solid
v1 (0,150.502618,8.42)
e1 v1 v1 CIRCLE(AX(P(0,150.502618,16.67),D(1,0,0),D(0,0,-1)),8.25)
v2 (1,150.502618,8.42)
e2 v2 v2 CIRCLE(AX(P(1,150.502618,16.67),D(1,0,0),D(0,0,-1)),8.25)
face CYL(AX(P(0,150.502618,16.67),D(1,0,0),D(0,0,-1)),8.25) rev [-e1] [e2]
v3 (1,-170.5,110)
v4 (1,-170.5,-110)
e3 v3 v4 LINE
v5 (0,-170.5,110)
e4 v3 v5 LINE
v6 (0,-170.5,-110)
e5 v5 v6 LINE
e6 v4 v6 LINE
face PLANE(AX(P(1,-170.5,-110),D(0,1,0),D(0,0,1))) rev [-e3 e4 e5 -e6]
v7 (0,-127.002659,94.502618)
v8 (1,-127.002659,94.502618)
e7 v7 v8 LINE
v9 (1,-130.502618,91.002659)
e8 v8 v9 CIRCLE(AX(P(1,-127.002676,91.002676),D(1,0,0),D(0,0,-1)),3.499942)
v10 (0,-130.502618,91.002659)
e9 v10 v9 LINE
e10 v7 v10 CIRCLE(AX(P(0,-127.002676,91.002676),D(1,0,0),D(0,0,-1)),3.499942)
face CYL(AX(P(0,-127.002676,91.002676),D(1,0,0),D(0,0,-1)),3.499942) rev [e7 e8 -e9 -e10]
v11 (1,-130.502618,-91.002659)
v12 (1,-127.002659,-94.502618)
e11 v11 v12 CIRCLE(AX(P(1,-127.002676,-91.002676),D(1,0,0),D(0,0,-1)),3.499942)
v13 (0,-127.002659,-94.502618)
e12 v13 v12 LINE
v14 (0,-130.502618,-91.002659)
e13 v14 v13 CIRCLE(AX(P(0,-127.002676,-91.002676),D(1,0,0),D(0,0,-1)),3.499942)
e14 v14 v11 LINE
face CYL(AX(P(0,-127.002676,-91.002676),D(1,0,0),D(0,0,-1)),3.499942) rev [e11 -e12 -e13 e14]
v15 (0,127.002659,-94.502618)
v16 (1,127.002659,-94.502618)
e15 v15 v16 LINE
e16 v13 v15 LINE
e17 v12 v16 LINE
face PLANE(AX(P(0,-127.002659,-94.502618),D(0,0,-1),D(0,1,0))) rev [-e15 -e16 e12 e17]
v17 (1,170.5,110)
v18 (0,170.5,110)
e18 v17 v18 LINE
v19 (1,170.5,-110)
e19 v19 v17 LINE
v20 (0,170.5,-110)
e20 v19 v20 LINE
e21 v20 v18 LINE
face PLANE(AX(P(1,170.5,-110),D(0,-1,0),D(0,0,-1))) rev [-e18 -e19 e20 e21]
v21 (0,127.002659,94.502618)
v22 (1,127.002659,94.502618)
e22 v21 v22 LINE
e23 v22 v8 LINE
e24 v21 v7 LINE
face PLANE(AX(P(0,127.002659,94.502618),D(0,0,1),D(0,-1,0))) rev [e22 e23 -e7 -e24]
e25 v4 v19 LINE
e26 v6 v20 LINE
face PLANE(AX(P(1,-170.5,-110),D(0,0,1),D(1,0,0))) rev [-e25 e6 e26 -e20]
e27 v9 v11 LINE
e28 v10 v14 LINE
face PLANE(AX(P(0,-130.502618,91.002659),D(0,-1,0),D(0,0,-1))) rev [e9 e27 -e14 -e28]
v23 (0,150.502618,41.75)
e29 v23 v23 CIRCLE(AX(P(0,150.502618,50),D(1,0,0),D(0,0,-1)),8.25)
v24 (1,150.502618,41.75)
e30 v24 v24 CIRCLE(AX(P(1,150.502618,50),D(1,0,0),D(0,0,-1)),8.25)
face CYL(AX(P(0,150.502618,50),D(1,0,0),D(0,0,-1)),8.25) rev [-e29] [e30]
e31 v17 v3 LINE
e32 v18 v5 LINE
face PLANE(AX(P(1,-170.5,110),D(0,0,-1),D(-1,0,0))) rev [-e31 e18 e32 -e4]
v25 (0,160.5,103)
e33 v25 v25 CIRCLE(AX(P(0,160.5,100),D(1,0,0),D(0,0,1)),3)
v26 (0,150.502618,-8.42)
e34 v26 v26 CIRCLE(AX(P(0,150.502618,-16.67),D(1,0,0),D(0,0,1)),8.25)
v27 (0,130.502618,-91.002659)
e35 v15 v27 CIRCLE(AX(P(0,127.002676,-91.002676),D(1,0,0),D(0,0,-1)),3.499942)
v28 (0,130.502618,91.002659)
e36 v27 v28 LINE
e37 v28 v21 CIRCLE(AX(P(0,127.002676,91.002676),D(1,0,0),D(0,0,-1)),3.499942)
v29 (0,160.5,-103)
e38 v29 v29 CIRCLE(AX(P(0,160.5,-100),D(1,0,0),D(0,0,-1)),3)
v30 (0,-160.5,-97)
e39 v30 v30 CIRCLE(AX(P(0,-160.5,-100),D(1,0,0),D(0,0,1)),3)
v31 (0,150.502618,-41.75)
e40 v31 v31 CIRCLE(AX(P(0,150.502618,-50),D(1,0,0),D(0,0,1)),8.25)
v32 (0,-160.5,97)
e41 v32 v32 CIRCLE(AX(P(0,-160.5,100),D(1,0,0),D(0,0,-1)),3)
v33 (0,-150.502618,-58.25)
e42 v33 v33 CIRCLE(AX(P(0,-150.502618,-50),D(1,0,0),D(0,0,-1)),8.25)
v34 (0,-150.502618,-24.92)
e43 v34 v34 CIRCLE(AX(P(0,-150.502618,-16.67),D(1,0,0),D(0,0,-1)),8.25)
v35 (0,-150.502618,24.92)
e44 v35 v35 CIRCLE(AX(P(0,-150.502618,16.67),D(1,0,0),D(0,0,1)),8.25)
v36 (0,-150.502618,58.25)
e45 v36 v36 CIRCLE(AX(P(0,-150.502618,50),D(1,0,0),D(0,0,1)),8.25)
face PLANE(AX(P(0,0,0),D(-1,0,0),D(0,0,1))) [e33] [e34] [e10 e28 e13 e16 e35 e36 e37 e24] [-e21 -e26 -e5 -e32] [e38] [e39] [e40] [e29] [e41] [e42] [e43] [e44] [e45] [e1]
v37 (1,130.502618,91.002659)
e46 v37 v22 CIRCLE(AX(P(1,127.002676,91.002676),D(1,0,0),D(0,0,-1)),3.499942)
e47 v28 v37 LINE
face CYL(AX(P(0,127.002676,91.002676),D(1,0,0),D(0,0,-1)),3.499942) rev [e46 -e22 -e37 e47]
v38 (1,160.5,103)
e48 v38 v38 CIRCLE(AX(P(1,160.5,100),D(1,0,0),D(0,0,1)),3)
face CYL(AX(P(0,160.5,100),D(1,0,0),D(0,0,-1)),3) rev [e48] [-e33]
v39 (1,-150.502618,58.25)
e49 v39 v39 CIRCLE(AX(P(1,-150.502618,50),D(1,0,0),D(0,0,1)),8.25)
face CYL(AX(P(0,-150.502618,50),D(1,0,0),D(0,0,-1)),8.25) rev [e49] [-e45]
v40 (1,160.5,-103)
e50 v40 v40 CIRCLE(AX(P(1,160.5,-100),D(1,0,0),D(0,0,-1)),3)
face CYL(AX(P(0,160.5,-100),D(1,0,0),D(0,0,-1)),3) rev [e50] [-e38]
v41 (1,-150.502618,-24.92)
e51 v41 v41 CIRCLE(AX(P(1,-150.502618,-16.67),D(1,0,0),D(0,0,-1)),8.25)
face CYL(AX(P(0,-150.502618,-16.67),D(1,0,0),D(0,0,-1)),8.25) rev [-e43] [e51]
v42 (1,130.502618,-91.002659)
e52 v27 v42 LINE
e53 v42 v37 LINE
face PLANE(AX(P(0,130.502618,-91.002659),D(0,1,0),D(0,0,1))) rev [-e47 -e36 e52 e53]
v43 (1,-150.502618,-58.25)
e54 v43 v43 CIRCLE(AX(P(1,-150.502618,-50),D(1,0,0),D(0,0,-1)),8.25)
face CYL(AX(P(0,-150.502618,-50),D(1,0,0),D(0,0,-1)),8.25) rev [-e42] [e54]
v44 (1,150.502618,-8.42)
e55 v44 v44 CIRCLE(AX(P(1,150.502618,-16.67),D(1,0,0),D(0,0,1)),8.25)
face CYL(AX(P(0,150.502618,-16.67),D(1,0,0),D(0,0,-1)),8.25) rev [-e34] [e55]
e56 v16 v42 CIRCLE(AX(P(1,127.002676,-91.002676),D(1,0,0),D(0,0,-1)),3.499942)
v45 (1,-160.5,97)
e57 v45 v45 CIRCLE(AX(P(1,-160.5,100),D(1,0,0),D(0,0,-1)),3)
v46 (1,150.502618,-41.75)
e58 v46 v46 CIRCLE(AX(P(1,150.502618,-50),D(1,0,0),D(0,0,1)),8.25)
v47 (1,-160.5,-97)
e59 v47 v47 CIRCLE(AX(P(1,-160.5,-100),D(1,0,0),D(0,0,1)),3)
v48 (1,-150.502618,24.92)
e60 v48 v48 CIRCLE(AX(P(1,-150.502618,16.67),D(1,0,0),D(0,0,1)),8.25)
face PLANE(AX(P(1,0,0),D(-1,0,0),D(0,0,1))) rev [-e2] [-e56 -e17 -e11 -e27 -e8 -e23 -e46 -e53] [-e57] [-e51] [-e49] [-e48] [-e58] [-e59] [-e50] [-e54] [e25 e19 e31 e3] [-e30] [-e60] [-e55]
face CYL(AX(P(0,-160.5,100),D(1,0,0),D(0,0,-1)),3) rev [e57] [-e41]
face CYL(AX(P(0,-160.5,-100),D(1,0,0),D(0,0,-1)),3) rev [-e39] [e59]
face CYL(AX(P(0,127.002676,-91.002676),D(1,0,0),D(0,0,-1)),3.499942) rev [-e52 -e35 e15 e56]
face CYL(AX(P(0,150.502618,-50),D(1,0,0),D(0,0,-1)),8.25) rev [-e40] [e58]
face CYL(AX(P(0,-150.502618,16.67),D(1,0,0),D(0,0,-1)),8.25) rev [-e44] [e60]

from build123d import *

# Parameters (mm, degrees)
SKETCH1_W           = 341
SKETCH1_H           = 220
BOSS_EXTRUDE1_DEPTH = 1
SKETCH2_R           = 8.25
CUT_EXTRUDE1_DEPTH  = 203.906998401
SKETCH3_R           = 3
CUT_EXTRUDE2_DEPTH  = 203.906998401


with BuildPart() as part:
    # Sketch1 → Boss-Extrude1 (new body)
    with BuildSketch(Plane.YZ):
        Rectangle(SKETCH1_W, SKETCH1_H)
    extrude(amount=BOSS_EXTRUDE1_DEPTH)

    # Sketch2 → Cut-Extrude1 (cut, through all)
    with BuildSketch(Plane.YZ.offset(1)):
        with Locations(Location((150.50261802, 50, 0), (0, 0, 270))):
            Circle(SKETCH2_R)
        with Locations(Location((150.50261802, 16.67, 0), (0, 0, 270))):
            Circle(SKETCH2_R)
        with Locations(Location((150.50261802, -16.67, 0), (0, 0, 90))):
            Circle(SKETCH2_R)
        with Locations(Location((150.50261802, -50, 0), (0, 0, 90))):
            Circle(SKETCH2_R)
        with Locations(Location((-150.50261802, -50, 0), (0, 0, 270))):
            Circle(SKETCH2_R)
        with Locations(Location((-150.50261802, -16.67, 0), (0, 0, 270))):
            Circle(SKETCH2_R)
        with Locations(Location((-150.50261802, 16.67, 0), (0, 0, 90))):
            Circle(SKETCH2_R)
        with Locations(Location((-150.50261802, 50, 0), (0, 0, 90))):
            Circle(SKETCH2_R)
        with BuildLine():
            Line((-130.50261802, 91.002659242), (-130.502618018, -91.002659141))
            ThreePointArc((-130.502618018, -91.002659141), (-129.477508731, -93.477508839), (-127.002658987, -94.502618015))
            Line((-127.002658987, -94.502618015), (127.002659141, -94.502618018))
            ThreePointArc((127.002659141, -94.502618018), (129.477508787, -93.477508786), (130.50261802, -91.002659141))
            Line((130.50261802, -91.002659141), (130.502618017, 91.002659141))
            ThreePointArc((130.502618017, 91.002659141), (129.477508731, 93.477508839), (127.002658987, 94.502618015))
            Line((127.002658987, 94.502618015), (-127.00265914, 94.502618018))
            ThreePointArc((-127.00265914, 94.502618018), (-129.477508751, 93.477508822), (-130.50261802, 91.002659242))
        make_face()
    extrude(amount=-CUT_EXTRUDE1_DEPTH, mode=Mode.SUBTRACT)

    # Sketch3 → Cut-Extrude2 (cut, through all)
    with BuildSketch(Plane.YZ.offset(1)):
        with Locations(Location((-160.5, 100, 0), (0, 0, 270))):
            Circle(SKETCH3_R)
        with Locations(Location((160.5, 100, 0), (0, 0, 90))):
            Circle(SKETCH3_R)
        with Locations(Location((-160.5, -100, 0), (0, 0, 90))):
            Circle(SKETCH3_R)
        with Locations(Location((160.5, -100, 0), (0, 0, 270))):
            Circle(SKETCH3_R)
    extrude(amount=-CUT_EXTRUDE2_DEPTH, mode=Mode.SUBTRACT)


solid = part.part
